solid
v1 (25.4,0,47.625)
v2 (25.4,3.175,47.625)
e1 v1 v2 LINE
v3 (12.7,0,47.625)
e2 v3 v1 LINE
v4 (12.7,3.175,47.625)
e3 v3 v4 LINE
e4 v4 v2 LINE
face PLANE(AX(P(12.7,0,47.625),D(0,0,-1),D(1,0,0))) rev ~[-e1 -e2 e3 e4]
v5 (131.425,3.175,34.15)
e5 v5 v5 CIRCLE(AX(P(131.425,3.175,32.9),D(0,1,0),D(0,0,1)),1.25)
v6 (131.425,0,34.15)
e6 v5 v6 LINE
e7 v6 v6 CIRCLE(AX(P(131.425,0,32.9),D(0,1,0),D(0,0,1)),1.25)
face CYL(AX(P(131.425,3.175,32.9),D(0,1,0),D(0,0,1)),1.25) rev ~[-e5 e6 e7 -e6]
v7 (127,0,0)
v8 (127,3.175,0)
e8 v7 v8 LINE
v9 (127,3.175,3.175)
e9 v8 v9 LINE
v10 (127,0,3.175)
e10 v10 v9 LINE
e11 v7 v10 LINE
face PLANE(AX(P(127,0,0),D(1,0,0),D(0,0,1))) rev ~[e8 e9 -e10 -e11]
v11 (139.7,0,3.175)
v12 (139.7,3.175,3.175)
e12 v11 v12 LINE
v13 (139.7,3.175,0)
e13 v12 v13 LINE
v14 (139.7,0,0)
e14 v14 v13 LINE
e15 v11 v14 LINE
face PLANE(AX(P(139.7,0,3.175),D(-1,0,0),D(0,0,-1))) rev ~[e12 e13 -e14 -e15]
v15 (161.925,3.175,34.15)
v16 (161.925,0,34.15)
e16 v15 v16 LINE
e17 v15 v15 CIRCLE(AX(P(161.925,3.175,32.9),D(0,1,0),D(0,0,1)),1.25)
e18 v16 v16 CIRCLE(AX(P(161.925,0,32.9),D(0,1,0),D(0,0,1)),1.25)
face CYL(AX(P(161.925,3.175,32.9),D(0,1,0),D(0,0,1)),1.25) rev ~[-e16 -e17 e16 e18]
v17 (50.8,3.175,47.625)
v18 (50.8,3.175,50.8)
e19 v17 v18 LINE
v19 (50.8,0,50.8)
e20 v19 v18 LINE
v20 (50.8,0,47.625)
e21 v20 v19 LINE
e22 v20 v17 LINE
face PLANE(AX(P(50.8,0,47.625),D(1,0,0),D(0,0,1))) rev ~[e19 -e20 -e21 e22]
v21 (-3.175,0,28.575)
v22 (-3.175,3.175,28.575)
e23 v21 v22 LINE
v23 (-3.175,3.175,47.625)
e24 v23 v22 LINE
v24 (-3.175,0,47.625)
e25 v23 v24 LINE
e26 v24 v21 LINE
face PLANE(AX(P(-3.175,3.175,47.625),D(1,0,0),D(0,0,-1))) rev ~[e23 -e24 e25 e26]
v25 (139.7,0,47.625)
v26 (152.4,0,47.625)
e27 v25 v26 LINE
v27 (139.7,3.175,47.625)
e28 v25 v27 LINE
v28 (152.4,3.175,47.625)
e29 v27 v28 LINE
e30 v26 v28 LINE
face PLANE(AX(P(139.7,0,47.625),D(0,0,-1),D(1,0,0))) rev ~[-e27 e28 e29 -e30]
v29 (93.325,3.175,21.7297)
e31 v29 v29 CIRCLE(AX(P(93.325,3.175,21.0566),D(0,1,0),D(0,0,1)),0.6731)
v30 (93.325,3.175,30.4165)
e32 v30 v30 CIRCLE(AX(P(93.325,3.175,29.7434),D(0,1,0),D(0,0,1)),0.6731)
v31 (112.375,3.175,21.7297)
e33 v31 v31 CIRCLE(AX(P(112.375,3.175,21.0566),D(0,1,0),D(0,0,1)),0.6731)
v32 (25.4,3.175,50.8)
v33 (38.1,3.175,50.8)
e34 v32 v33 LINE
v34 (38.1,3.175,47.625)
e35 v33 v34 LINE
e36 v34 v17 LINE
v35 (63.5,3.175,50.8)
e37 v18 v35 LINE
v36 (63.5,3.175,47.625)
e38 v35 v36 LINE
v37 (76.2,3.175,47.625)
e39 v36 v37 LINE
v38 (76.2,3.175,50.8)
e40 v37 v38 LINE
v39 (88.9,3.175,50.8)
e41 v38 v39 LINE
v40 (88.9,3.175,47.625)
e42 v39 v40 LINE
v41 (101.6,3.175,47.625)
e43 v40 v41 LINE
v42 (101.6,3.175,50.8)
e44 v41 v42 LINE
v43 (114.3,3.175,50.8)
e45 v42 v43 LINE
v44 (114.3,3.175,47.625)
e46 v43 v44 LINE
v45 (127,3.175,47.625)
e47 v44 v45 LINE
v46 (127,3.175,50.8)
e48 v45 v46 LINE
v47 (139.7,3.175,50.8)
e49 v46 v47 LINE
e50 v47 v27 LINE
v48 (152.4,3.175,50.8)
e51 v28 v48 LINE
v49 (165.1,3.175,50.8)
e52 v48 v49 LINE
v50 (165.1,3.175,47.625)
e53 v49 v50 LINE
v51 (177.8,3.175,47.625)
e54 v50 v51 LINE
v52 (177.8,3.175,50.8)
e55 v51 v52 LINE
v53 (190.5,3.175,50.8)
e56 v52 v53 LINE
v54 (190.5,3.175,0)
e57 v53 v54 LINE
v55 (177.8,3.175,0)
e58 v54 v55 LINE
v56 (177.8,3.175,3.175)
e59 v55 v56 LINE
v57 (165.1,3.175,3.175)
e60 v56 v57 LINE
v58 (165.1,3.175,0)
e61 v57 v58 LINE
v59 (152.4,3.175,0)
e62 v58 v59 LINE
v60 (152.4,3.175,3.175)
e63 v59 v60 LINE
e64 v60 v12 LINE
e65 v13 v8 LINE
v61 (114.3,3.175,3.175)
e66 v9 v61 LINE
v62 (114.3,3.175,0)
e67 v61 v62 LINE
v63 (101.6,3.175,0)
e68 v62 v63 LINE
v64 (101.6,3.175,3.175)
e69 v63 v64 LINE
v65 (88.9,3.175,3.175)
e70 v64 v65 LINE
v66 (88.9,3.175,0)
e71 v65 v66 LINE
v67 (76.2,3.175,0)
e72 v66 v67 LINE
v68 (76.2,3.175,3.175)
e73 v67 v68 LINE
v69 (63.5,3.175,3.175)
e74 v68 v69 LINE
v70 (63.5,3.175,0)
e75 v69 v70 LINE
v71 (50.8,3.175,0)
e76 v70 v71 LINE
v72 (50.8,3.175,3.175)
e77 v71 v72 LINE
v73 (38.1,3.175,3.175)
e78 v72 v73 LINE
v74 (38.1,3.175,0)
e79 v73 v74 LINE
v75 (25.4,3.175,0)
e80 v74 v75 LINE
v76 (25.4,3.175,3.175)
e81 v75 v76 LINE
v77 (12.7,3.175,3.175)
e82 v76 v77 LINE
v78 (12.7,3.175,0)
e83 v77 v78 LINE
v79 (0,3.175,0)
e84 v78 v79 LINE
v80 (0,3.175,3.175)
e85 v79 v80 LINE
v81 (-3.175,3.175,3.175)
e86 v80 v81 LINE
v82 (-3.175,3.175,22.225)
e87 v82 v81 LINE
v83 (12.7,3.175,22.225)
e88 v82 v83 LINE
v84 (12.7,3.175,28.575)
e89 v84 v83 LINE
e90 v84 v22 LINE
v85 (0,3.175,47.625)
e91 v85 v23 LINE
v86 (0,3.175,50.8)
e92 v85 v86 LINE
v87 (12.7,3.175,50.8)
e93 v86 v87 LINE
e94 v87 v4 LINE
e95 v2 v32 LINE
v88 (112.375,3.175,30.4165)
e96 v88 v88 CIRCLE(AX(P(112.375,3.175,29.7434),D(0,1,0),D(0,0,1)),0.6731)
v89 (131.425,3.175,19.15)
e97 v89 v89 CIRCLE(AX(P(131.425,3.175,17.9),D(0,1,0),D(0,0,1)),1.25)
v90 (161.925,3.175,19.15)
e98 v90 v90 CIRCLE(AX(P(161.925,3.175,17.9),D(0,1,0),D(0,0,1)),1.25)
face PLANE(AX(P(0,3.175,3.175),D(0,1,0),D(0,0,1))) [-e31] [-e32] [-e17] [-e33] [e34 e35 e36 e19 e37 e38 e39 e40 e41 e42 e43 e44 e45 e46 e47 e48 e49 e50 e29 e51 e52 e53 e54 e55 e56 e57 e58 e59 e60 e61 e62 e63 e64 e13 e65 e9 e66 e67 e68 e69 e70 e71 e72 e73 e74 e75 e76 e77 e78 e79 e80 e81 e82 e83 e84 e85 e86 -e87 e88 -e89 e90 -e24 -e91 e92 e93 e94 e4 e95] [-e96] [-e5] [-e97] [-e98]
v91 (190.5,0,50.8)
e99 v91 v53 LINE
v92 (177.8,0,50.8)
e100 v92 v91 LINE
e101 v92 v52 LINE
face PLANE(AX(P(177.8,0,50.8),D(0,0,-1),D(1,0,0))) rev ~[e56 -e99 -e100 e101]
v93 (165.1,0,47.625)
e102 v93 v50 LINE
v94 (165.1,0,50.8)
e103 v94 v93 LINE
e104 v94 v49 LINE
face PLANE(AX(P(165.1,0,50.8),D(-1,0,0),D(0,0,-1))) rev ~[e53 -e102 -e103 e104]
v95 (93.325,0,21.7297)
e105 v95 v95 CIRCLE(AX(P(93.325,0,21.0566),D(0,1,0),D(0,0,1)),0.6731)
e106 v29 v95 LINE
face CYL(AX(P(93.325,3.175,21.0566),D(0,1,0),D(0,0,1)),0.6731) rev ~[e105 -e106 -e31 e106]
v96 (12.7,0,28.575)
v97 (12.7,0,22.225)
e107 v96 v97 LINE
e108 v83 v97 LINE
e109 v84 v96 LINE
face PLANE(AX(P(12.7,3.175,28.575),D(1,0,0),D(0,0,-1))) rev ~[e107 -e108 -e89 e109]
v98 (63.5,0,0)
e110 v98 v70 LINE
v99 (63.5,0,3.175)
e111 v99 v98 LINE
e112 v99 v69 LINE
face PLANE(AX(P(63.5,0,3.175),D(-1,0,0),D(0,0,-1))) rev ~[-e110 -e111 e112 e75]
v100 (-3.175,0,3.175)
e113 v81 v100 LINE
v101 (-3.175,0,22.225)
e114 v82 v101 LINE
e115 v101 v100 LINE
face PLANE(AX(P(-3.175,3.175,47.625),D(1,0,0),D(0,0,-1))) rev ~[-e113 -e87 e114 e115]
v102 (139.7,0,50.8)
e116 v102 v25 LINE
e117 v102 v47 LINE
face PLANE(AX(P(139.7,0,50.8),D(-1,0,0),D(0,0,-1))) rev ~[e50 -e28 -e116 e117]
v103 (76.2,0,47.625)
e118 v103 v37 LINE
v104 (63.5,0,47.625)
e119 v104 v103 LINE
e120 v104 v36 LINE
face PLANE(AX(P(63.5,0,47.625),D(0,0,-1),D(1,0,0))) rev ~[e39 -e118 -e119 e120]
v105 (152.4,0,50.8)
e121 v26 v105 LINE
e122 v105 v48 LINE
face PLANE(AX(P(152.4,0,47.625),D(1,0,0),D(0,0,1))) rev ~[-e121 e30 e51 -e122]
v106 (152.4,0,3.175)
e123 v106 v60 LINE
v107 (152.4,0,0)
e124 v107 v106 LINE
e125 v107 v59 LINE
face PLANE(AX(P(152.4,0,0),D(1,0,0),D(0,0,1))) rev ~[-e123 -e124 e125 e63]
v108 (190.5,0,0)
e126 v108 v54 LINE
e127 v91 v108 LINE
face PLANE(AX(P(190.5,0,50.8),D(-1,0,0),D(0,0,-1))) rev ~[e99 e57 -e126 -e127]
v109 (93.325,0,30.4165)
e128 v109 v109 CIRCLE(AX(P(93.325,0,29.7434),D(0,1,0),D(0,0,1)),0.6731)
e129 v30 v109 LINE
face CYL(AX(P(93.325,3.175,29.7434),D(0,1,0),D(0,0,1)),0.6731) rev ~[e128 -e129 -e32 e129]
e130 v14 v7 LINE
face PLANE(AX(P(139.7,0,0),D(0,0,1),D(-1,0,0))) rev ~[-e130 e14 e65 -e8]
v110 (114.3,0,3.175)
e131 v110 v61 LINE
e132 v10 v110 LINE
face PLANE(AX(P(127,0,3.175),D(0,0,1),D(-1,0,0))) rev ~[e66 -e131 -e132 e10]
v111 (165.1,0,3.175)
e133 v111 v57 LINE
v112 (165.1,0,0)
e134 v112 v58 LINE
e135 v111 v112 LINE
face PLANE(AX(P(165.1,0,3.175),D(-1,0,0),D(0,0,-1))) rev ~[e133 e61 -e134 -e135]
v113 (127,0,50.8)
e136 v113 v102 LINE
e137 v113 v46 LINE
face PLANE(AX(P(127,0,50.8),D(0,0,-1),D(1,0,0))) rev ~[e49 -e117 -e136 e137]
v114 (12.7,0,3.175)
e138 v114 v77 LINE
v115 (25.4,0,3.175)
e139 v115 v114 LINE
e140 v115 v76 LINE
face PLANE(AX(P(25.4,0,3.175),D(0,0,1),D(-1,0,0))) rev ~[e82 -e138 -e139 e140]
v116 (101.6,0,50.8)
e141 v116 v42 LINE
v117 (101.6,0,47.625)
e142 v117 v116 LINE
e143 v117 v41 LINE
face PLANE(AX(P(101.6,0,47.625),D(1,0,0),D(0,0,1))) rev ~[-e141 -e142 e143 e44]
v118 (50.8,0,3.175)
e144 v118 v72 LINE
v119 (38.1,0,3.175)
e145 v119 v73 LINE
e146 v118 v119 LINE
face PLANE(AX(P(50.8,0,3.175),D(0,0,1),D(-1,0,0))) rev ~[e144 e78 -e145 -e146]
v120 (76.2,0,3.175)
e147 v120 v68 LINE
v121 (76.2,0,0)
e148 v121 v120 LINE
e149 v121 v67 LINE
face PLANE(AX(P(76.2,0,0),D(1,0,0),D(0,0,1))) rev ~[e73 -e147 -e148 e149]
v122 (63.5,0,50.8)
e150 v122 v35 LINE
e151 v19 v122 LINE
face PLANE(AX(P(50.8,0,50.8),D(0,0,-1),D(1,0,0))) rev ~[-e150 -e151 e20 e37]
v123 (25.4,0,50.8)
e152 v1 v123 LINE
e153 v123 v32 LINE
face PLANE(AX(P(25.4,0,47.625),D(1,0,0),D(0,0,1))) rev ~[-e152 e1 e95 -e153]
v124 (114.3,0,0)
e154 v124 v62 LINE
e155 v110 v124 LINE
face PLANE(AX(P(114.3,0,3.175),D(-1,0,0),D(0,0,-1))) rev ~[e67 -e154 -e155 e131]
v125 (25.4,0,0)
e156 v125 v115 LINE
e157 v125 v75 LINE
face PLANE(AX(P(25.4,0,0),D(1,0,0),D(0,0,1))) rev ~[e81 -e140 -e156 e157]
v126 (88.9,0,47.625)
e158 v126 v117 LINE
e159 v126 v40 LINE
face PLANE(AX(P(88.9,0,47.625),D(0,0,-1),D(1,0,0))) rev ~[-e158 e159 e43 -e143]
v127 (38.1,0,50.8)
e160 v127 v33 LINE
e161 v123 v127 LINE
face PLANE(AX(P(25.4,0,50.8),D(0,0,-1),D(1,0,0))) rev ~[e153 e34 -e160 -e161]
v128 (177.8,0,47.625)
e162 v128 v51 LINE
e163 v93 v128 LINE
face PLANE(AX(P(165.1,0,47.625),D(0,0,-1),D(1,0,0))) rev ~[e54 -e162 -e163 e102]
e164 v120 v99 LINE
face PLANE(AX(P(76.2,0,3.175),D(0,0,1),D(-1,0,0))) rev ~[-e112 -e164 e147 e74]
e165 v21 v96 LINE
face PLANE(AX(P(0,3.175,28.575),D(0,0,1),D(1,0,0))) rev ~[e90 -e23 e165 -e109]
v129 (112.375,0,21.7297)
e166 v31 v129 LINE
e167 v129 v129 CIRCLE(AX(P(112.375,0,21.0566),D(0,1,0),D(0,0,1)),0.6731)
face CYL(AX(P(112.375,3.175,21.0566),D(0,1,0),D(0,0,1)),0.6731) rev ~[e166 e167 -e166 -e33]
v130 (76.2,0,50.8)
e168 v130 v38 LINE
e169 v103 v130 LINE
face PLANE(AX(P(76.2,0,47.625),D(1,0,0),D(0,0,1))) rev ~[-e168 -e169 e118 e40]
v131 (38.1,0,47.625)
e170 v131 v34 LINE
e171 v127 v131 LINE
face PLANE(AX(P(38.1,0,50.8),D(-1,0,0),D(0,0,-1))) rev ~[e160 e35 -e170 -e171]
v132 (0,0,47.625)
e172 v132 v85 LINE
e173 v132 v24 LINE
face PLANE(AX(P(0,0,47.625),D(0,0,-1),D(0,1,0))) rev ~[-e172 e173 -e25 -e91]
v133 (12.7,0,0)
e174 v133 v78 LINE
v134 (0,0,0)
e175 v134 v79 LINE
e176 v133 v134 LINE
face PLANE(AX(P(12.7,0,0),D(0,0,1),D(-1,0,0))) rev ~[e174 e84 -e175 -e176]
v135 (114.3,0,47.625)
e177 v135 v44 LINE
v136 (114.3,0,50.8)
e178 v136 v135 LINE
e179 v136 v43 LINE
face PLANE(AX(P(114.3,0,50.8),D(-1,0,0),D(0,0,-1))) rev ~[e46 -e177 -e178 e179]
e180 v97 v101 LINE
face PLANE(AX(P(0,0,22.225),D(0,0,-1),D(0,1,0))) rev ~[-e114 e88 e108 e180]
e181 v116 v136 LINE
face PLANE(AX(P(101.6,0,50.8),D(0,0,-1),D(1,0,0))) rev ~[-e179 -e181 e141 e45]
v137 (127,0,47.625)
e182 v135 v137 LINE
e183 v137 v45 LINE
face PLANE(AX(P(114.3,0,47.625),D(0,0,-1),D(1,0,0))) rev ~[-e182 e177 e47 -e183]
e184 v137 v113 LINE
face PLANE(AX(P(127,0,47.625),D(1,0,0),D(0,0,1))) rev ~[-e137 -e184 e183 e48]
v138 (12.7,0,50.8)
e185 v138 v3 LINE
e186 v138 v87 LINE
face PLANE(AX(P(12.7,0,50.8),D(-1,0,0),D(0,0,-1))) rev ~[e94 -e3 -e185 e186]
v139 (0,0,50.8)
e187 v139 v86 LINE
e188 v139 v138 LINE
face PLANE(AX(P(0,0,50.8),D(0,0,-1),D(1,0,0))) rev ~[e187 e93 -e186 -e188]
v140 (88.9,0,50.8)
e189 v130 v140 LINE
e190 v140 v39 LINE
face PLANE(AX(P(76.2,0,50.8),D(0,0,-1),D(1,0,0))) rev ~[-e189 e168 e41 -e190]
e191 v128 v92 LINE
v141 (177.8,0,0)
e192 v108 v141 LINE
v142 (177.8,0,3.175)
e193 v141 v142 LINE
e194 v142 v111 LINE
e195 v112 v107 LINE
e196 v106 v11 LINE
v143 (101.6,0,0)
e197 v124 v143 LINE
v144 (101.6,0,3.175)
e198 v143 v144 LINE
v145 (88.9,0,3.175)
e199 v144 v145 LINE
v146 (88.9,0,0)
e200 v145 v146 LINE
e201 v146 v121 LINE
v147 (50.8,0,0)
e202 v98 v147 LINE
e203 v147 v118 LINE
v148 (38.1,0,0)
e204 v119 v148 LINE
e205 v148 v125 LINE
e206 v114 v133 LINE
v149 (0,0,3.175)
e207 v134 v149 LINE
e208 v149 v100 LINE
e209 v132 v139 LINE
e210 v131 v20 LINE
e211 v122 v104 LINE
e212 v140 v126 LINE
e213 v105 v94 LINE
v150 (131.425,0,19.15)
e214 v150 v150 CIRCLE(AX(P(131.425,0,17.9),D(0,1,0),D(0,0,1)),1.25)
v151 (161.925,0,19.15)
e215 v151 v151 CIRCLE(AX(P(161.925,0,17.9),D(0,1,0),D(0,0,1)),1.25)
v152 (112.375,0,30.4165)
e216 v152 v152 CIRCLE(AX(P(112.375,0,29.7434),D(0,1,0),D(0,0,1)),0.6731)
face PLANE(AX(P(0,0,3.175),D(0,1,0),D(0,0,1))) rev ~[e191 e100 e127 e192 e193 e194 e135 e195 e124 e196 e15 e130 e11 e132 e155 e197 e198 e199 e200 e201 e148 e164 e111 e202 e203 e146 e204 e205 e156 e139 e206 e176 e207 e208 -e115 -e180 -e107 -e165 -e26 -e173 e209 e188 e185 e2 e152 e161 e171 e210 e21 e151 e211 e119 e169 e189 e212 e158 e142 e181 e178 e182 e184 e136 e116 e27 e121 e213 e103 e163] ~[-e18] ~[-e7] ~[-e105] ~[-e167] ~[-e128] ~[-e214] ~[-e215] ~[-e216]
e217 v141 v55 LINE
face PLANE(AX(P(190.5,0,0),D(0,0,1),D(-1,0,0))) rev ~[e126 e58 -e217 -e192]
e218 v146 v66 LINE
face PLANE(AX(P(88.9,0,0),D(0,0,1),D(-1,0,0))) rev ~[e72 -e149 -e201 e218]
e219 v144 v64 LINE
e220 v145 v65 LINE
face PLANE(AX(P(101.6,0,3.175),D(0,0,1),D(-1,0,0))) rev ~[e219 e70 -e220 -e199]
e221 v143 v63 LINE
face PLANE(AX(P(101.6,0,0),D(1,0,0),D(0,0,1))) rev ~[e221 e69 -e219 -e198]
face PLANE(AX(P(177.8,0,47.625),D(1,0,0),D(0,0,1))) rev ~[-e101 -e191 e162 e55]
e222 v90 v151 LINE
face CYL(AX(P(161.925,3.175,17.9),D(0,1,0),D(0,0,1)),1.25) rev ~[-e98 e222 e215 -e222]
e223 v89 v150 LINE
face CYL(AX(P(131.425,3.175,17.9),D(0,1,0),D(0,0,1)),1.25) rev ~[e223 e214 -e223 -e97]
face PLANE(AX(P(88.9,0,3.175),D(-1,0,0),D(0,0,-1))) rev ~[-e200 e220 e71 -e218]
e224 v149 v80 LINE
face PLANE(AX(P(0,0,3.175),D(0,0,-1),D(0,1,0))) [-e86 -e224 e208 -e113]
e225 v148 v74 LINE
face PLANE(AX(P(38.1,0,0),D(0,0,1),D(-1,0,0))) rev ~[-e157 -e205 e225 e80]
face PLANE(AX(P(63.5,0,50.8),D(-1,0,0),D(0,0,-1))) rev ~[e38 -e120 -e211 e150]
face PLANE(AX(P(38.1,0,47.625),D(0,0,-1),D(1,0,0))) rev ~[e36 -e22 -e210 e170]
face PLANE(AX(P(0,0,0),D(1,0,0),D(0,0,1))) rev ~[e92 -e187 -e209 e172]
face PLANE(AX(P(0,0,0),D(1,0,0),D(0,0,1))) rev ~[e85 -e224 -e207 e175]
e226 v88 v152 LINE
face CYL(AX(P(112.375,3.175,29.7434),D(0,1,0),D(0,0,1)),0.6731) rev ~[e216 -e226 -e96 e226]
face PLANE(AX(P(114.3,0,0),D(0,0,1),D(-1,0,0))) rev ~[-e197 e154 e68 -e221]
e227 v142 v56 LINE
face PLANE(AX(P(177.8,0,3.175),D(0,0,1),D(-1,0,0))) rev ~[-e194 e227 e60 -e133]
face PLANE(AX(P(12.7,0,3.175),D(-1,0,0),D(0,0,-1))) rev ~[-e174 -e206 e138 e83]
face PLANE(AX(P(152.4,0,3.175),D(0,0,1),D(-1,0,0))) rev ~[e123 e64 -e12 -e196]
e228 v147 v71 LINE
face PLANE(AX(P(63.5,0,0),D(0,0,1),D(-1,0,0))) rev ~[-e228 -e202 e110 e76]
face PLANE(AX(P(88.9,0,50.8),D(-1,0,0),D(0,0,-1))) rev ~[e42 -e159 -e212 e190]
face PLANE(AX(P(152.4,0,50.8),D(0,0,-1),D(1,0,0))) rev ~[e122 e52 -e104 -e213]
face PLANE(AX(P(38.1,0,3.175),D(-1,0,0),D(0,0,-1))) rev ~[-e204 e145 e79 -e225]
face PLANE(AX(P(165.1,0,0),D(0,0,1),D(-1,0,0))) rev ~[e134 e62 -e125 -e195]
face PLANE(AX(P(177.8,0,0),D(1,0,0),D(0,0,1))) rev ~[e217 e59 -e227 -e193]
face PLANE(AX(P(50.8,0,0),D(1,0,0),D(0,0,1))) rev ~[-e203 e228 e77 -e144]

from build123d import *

# Parameters (mm, degrees)
BOSS_EXTRUDE1_DEPTH = 3.175
SKETCH2_W           = 12.7
SKETCH2_H           = 6.35
CUT_EXTRUDE1_DEPTH  = 198.182581951
SKETCH3_W           = 19.05
SKETCH3_H           = 3.175
BOSS_EXTRUDE2_DEPTH = 6.35
SKETCH5_R           = 1.25
SKETCH5_R_2         = 0.6731
CUT_EXTRUDE3_DEPTH  = 198.182581951
SKETCH6_W           = 3.175
SKETCH6_H           = 44.45
CUT_EXTRUDE4_DEPTH  = 198.182581951


with BuildPart() as part:
    # Sketch1 → Boss-Extrude1 (new body)
    with BuildSketch(Plane(origin=(0, 0, 0), x_dir=(1, 0, 0), z_dir=(0, 1, 0))):
        Polygon((12.7, 0), (0, 0), (0, -50.8), (12.7, -50.8), (12.7, -47.625), (25.4, -47.625), (25.4, -50.8), (38.1, -50.8), (38.1, -47.625), (50.8, -47.625), (50.8, -50.8), (63.5, -50.8), (63.5, -47.625), (76.2, -47.625), (76.2, -50.8), (88.9, -50.8), (88.9, -47.625), (101.6, -47.625), (101.6, -50.8), (114.3, -50.8), (114.3, -47.625), (127, -47.625), (127, -50.8), (139.7, -50.8), (139.7, -47.625), (152.4, -47.625), (152.4, -50.8), (165.1, -50.8), (165.1, -47.625), (177.8, -47.625), (177.8, -50.8), (190.5, -50.8), (190.5, 0), (177.8, 0), (177.8, -3.175), (165.1, -3.175), (165.1, 0), (152.4, 0), (152.4, -3.175), (139.7, -3.175), (139.7, 0), (127, 0), (127, -3.175), (114.3, -3.175), (114.3, 0), (101.6, 0), (101.6, -3.175), (88.9, -3.175), (88.9, 0), (76.2, 0), (76.2, -3.175), (63.5, -3.175), (63.5, 0), (50.8, 0), (50.8, -3.175), (38.1, -3.175), (38.1, 0), (25.4, 0), (25.4, -3.175), (12.7, -3.175), align=None)
    extrude(amount=BOSS_EXTRUDE1_DEPTH)

    # Sketch2 → Cut-Extrude1 (cut, through all)
    with BuildSketch(Plane(origin=(0, 3.175, 0), x_dir=(1, 0, 0), z_dir=(0, 1, 0))):
        with Locations((6.35, -25.4)):
            Rectangle(SKETCH2_W, SKETCH2_H)
    extrude(amount=-CUT_EXTRUDE1_DEPTH, mode=Mode.SUBTRACT)

    # Sketch3 → Boss-Extrude2 (add)
    with BuildSketch(Plane.ZY):
        with Locations((12.7, 1.5875)):
            Rectangle(SKETCH3_W, SKETCH3_H)
        with Locations((38.1, 1.5875)):
            Rectangle(SKETCH3_W, SKETCH3_H)
    extrude(amount=BOSS_EXTRUDE2_DEPTH)

    # Sketch5 → Cut-Extrude3 (cut, through all)
    with BuildSketch(Plane(origin=(0, 3.175, 0), x_dir=(1, 0, 0), z_dir=(0, 1, 0))):
        with Locations(Location((131.425, -17.9, 0), (0, 0, 270))):
            Circle(SKETCH5_R)
        with Locations(Location((131.425, -32.9, 0), (0, 0, 270))):
            Circle(SKETCH5_R)
        with Locations(Location((112.375, -21.0566, 0), (0, 0, 270))):
            Circle(SKETCH5_R_2)
        with Locations(Location((112.375, -29.7434, 0), (0, 0, 270))):
            Circle(SKETCH5_R_2)
        with Locations(Location((93.325, -29.7434, 0), (0, 0, 270))):
            Circle(SKETCH5_R_2)
        with Locations(Location((93.325, -21.0566, 0), (0, 0, 270))):
            Circle(SKETCH5_R_2)
        with Locations(Location((161.925, -32.9, 0), (0, 0, 270))):
            Circle(SKETCH5_R)
        with Locations(Location((161.925, -17.9, 0), (0, 0, 270))):
            Circle(SKETCH5_R)
    extrude(amount=-CUT_EXTRUDE3_DEPTH, mode=Mode.SUBTRACT)

    # Sketch6 → Cut-Extrude4 (cut, through all)
    with BuildSketch(Plane(origin=(0, 3.175, 0), x_dir=(1, 0, 0), z_dir=(0, 1, 0))):
        with Locations((-4.7625, -25.4)):
            Rectangle(SKETCH6_W, SKETCH6_H)
    extrude(amount=-CUT_EXTRUDE4_DEPTH, mode=Mode.SUBTRACT)


solid = part.part
